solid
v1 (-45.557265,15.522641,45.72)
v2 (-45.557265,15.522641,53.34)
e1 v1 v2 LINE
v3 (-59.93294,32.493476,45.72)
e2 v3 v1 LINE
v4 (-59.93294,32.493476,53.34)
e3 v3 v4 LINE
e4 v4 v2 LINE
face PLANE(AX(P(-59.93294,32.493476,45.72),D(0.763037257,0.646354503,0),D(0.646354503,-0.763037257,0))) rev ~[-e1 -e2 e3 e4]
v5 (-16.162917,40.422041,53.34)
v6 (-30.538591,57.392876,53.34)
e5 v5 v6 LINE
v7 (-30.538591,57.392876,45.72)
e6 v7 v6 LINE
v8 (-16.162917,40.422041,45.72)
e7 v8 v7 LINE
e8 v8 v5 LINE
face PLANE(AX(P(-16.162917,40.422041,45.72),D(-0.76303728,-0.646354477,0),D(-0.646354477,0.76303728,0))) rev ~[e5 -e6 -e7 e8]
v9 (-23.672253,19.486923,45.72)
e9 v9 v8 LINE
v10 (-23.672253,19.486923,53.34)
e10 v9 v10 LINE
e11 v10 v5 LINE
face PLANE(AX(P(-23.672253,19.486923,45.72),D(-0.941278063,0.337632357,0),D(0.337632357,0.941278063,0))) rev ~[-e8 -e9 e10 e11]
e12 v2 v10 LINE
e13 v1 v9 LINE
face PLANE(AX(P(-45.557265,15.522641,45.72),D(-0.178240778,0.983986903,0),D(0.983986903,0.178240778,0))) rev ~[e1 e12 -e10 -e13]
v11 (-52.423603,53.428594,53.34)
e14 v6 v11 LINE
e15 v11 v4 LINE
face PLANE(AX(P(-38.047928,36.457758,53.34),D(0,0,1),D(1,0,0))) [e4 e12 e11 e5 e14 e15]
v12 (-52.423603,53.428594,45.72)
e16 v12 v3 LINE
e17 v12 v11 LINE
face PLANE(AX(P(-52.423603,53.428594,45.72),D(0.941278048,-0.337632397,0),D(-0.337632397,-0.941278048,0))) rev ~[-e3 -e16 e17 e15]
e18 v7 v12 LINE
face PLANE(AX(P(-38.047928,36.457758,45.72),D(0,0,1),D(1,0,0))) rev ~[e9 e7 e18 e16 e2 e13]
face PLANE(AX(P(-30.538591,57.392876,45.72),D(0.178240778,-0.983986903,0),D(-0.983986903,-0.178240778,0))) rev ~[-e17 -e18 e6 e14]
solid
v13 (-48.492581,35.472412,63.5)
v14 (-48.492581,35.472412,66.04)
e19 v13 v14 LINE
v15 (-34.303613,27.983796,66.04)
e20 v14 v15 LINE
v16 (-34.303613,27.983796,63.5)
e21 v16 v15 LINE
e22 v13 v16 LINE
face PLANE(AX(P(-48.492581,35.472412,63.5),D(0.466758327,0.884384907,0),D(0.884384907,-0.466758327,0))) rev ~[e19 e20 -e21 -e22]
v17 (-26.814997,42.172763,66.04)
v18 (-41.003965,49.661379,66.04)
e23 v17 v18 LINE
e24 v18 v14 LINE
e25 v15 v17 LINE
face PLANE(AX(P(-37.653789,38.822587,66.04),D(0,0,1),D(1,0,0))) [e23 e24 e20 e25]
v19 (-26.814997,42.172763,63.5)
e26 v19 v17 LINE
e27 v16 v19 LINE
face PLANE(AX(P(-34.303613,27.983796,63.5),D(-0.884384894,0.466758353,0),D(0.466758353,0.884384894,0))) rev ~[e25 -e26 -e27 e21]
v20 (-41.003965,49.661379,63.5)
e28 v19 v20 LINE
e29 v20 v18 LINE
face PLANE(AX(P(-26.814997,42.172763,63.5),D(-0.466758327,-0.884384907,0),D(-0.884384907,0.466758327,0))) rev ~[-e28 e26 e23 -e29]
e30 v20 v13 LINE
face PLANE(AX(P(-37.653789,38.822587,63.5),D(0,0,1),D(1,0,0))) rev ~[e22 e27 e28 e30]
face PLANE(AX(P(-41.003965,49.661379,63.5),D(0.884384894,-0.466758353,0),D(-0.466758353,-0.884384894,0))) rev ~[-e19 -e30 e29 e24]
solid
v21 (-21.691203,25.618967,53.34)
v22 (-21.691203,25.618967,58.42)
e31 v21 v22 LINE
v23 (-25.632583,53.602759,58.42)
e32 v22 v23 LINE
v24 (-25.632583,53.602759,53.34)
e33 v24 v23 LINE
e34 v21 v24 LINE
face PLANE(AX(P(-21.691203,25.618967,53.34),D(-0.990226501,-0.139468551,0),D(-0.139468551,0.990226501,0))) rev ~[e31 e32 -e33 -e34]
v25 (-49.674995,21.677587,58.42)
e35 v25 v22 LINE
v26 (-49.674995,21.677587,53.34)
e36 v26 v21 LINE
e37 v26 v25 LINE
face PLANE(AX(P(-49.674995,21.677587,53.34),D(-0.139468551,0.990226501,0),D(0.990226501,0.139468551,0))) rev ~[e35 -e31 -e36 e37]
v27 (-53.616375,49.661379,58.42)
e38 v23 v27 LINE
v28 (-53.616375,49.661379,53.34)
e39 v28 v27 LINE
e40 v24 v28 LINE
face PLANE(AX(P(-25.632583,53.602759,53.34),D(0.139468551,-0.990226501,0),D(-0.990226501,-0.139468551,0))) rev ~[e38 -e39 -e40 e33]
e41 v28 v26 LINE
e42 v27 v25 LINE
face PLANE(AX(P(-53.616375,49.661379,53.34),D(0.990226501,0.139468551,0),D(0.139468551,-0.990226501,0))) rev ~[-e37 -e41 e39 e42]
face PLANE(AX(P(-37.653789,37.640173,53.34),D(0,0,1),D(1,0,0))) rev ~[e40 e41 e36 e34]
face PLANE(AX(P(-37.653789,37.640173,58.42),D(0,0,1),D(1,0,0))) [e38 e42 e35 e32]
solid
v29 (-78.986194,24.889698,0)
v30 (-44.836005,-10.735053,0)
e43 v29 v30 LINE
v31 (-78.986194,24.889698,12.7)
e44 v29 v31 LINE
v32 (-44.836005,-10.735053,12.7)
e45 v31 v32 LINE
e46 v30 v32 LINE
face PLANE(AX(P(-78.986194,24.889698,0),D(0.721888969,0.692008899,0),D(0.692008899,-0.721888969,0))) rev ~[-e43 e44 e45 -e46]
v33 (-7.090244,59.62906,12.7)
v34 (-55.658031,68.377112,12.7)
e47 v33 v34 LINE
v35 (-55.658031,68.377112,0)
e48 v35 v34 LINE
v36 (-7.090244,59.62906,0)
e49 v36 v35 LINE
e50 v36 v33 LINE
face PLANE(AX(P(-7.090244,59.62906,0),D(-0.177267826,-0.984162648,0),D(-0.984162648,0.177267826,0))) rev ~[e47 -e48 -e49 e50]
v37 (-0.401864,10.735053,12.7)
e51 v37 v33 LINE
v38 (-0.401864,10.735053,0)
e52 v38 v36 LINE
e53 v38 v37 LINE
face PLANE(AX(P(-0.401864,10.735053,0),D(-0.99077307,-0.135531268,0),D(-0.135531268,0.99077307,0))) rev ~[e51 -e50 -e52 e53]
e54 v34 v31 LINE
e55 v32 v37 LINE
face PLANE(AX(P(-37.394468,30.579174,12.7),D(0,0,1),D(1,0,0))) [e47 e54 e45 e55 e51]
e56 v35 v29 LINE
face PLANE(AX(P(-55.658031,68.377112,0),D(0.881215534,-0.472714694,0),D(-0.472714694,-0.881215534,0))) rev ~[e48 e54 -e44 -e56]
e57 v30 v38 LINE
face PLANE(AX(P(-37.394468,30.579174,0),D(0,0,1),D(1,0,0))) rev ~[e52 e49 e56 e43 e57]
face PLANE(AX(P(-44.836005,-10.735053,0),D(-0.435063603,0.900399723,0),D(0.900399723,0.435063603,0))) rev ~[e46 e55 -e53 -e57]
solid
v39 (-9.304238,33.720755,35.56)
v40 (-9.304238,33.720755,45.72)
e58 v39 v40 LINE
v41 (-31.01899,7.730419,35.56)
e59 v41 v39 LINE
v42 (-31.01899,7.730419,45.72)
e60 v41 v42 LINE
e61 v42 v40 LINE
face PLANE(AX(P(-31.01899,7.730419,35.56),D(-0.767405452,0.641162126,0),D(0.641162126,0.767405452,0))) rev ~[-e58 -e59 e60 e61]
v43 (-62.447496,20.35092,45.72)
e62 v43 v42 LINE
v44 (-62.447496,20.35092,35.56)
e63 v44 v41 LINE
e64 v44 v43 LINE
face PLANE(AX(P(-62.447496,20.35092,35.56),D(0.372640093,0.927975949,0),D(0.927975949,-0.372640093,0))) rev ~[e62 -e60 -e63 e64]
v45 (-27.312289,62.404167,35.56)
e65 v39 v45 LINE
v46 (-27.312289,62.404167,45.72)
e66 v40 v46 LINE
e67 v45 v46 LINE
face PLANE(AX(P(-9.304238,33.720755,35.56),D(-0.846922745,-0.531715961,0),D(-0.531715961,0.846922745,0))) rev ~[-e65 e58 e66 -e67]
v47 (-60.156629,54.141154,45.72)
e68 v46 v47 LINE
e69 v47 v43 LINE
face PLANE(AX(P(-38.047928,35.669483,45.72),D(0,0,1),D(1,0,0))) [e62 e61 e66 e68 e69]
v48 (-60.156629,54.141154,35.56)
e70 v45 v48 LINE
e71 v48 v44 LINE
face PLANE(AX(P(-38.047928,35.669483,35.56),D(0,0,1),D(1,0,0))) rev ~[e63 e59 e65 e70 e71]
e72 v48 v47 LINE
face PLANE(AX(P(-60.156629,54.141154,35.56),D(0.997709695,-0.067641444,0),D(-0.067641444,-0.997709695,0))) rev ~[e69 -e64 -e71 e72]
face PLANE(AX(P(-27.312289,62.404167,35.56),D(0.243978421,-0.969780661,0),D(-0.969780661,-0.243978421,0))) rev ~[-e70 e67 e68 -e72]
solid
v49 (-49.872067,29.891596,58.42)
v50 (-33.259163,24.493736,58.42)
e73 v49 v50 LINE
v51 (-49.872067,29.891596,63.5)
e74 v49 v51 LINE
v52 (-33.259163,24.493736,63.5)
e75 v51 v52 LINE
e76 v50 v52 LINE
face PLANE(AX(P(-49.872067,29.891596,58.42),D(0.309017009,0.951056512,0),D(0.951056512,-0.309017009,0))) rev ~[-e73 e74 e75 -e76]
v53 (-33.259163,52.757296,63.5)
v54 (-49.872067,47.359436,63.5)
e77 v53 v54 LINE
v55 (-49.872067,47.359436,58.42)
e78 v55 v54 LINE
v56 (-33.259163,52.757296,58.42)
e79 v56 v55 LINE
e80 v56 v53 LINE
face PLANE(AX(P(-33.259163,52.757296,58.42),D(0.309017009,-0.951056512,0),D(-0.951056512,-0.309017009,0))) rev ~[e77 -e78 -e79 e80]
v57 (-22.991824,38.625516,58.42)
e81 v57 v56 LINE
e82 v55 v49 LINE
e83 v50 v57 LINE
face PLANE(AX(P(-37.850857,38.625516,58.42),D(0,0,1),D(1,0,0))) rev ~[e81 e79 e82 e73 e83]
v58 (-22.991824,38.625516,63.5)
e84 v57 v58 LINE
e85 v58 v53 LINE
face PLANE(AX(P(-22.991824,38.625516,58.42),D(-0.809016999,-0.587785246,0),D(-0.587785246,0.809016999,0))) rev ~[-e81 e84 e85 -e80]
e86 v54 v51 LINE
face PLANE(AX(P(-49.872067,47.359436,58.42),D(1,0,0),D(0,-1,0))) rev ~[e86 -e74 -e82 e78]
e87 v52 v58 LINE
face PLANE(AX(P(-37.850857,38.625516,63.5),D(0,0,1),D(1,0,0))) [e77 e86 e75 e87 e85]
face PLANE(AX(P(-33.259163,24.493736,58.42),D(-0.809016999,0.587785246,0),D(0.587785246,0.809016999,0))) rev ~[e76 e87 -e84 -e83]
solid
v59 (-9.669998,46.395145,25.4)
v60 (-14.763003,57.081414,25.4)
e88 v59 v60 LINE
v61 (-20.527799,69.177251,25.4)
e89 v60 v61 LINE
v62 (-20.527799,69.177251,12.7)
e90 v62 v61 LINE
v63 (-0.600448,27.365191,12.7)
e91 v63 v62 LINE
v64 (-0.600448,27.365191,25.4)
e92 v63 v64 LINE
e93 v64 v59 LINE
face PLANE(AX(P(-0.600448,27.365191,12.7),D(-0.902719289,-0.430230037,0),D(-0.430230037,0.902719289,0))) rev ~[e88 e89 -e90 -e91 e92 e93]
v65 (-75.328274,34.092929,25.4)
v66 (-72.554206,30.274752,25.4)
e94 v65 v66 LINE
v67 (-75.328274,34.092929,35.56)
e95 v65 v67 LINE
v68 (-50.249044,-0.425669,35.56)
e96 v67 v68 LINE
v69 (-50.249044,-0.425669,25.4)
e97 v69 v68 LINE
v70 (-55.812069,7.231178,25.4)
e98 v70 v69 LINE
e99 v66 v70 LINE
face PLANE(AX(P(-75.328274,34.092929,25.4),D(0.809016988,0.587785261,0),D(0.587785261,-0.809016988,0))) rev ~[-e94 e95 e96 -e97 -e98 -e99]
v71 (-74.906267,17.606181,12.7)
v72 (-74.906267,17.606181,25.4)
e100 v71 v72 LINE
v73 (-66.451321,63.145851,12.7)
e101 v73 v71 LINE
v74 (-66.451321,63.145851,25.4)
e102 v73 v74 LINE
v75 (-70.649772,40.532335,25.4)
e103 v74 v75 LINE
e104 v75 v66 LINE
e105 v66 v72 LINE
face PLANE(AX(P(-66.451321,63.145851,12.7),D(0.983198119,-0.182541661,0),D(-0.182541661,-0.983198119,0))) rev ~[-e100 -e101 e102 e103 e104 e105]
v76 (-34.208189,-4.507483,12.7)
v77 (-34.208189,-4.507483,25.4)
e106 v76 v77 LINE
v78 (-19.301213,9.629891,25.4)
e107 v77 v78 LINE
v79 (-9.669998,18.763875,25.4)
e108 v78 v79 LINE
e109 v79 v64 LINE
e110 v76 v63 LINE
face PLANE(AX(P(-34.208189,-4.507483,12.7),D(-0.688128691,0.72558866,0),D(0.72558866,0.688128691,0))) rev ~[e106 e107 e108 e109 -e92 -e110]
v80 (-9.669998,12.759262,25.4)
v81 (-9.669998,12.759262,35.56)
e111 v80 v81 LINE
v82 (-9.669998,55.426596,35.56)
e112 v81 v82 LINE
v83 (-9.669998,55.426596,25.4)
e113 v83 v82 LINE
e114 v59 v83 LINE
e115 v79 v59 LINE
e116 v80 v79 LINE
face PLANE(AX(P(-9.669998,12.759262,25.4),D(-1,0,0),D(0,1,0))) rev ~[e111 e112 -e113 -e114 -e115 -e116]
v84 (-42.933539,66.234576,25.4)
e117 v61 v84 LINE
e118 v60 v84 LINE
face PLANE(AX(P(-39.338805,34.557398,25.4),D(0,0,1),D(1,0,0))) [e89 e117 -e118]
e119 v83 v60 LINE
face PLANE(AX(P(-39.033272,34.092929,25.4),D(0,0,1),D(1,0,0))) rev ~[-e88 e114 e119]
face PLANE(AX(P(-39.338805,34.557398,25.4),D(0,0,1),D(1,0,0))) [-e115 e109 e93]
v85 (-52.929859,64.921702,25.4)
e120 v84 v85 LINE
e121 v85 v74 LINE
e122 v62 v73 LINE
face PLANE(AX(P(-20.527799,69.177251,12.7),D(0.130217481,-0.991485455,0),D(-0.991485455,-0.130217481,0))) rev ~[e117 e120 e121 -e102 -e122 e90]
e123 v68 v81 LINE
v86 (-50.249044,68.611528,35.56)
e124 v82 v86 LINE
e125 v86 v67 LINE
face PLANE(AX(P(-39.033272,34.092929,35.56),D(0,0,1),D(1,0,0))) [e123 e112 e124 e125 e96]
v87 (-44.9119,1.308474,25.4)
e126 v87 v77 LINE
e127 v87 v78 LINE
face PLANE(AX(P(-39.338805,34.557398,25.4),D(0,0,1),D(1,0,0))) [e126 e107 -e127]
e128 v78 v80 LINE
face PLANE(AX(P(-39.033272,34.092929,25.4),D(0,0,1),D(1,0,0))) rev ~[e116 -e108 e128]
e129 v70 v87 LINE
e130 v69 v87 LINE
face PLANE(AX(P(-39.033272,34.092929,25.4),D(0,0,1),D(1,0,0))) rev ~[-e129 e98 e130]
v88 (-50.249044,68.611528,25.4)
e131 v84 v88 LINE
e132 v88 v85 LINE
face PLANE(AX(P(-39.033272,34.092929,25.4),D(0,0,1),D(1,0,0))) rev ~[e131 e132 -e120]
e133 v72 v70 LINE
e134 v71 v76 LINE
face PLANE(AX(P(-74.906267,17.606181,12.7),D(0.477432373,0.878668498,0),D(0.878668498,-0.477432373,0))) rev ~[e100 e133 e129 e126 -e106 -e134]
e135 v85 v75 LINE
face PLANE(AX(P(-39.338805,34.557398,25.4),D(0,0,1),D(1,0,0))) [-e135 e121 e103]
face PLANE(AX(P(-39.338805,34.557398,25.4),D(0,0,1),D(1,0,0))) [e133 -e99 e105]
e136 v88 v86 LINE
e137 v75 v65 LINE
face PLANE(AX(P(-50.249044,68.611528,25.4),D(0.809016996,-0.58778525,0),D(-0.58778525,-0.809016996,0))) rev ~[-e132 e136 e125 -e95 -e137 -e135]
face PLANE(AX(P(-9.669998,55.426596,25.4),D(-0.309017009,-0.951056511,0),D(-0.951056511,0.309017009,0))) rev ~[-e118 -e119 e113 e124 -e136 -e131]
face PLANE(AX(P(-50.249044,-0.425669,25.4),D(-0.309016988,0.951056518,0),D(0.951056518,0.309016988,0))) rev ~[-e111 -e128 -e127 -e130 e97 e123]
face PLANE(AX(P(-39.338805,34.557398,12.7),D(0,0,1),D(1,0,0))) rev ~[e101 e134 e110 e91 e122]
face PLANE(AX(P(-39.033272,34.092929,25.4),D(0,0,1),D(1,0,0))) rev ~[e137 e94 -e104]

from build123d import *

# Parameters (mm, degrees)
F1_DEPTH  = 12.7
F3_DEPTH  = 12.7
F5_DEPTH  = 10.16
F7_DEPTH  = 10.16
F9_DEPTH  = 7.62
F11_DEPTH = 5.08
F13_DEPTH = 5.08
F15_DEPTH = 2.54


with BuildPart() as f1:
    # F0 (on Top) → F1 (new body)
    with BuildSketch(Plane.XY):
        Polygon((-44.836005, -10.735053), (-0.401864, 10.735053), (-7.090244, 59.62906), (-55.658031, 68.377112), (-78.986194, 24.889698), align=None)
    extrude(amount=F1_DEPTH)


with BuildPart() as f3:
    # F2 (on face) → F3 (new body)
    with BuildSketch(Plane.XY.offset(12.7)):
        Polygon((-66.451321, 63.145851), (-74.906267, 17.606181), (-34.208189, -4.507483), (-0.600448, 27.365191), (-20.527799, 69.177251), align=None)
    extrude(amount=F3_DEPTH)

    # F4 (on face) → F5 (join)
    with BuildSketch(Plane.XY.offset(25.4)):
        Polygon((-9.669998, 12.759262), (-9.669998, 55.426596), (-50.249044, 68.611528), (-75.328274, 34.092929), (-50.249044, -0.425669), align=None)
    extrude(amount=F5_DEPTH)


with BuildPart() as f7:
    # F6 (on face) → F7 (new body)
    with BuildSketch(Plane.XY.offset(35.56)):
        Polygon((-60.156629, 54.141154), (-62.447496, 20.35092), (-31.01899, 7.730419), (-9.304238, 33.720755), (-27.312289, 62.404167), align=None)
    extrude(amount=F7_DEPTH)


with BuildPart() as f9:
    # F8 (on face) → F9 (new body)
    with BuildSketch(Plane.XY.offset(45.72)):
        Polygon((-52.423603, 53.428594), (-59.93294, 32.493476), (-45.557265, 15.522641), (-23.672253, 19.486923), (-16.162917, 40.422041), (-30.538591, 57.392876), align=None)
    extrude(amount=F9_DEPTH)


with BuildPart() as f11:
    # F10 (on face) → F11 (new body)
    with BuildSketch(Plane.XY.offset(53.34)):
        Polygon((-53.616375, 49.661379), (-49.674995, 21.677587), (-21.691203, 25.618967), (-25.632583, 53.602759), align=None)
    extrude(amount=F11_DEPTH)


with BuildPart() as f13:
    # F12 (on face) → F13 (new body)
    with BuildSketch(Plane.XY.offset(58.42)):
        Polygon((-49.872067, 47.359436), (-49.872067, 29.891596), (-33.259163, 24.493736), (-22.991824, 38.625516), (-33.259163, 52.757296), align=None)
    extrude(amount=F13_DEPTH)


with BuildPart() as f15:
    # F14 (on face) → F15 (new body)
    with BuildSketch(Plane.XY.offset(63.5)):
        Polygon((-41.003965, 49.661379), (-48.492581, 35.472412), (-34.303613, 27.983796), (-26.814997, 42.172763), align=None)
    extrude(amount=F15_DEPTH)


solid = Compound([f1.part, f3.part, f7.part, f9.part, f11.part, f13.part, f15.part])
